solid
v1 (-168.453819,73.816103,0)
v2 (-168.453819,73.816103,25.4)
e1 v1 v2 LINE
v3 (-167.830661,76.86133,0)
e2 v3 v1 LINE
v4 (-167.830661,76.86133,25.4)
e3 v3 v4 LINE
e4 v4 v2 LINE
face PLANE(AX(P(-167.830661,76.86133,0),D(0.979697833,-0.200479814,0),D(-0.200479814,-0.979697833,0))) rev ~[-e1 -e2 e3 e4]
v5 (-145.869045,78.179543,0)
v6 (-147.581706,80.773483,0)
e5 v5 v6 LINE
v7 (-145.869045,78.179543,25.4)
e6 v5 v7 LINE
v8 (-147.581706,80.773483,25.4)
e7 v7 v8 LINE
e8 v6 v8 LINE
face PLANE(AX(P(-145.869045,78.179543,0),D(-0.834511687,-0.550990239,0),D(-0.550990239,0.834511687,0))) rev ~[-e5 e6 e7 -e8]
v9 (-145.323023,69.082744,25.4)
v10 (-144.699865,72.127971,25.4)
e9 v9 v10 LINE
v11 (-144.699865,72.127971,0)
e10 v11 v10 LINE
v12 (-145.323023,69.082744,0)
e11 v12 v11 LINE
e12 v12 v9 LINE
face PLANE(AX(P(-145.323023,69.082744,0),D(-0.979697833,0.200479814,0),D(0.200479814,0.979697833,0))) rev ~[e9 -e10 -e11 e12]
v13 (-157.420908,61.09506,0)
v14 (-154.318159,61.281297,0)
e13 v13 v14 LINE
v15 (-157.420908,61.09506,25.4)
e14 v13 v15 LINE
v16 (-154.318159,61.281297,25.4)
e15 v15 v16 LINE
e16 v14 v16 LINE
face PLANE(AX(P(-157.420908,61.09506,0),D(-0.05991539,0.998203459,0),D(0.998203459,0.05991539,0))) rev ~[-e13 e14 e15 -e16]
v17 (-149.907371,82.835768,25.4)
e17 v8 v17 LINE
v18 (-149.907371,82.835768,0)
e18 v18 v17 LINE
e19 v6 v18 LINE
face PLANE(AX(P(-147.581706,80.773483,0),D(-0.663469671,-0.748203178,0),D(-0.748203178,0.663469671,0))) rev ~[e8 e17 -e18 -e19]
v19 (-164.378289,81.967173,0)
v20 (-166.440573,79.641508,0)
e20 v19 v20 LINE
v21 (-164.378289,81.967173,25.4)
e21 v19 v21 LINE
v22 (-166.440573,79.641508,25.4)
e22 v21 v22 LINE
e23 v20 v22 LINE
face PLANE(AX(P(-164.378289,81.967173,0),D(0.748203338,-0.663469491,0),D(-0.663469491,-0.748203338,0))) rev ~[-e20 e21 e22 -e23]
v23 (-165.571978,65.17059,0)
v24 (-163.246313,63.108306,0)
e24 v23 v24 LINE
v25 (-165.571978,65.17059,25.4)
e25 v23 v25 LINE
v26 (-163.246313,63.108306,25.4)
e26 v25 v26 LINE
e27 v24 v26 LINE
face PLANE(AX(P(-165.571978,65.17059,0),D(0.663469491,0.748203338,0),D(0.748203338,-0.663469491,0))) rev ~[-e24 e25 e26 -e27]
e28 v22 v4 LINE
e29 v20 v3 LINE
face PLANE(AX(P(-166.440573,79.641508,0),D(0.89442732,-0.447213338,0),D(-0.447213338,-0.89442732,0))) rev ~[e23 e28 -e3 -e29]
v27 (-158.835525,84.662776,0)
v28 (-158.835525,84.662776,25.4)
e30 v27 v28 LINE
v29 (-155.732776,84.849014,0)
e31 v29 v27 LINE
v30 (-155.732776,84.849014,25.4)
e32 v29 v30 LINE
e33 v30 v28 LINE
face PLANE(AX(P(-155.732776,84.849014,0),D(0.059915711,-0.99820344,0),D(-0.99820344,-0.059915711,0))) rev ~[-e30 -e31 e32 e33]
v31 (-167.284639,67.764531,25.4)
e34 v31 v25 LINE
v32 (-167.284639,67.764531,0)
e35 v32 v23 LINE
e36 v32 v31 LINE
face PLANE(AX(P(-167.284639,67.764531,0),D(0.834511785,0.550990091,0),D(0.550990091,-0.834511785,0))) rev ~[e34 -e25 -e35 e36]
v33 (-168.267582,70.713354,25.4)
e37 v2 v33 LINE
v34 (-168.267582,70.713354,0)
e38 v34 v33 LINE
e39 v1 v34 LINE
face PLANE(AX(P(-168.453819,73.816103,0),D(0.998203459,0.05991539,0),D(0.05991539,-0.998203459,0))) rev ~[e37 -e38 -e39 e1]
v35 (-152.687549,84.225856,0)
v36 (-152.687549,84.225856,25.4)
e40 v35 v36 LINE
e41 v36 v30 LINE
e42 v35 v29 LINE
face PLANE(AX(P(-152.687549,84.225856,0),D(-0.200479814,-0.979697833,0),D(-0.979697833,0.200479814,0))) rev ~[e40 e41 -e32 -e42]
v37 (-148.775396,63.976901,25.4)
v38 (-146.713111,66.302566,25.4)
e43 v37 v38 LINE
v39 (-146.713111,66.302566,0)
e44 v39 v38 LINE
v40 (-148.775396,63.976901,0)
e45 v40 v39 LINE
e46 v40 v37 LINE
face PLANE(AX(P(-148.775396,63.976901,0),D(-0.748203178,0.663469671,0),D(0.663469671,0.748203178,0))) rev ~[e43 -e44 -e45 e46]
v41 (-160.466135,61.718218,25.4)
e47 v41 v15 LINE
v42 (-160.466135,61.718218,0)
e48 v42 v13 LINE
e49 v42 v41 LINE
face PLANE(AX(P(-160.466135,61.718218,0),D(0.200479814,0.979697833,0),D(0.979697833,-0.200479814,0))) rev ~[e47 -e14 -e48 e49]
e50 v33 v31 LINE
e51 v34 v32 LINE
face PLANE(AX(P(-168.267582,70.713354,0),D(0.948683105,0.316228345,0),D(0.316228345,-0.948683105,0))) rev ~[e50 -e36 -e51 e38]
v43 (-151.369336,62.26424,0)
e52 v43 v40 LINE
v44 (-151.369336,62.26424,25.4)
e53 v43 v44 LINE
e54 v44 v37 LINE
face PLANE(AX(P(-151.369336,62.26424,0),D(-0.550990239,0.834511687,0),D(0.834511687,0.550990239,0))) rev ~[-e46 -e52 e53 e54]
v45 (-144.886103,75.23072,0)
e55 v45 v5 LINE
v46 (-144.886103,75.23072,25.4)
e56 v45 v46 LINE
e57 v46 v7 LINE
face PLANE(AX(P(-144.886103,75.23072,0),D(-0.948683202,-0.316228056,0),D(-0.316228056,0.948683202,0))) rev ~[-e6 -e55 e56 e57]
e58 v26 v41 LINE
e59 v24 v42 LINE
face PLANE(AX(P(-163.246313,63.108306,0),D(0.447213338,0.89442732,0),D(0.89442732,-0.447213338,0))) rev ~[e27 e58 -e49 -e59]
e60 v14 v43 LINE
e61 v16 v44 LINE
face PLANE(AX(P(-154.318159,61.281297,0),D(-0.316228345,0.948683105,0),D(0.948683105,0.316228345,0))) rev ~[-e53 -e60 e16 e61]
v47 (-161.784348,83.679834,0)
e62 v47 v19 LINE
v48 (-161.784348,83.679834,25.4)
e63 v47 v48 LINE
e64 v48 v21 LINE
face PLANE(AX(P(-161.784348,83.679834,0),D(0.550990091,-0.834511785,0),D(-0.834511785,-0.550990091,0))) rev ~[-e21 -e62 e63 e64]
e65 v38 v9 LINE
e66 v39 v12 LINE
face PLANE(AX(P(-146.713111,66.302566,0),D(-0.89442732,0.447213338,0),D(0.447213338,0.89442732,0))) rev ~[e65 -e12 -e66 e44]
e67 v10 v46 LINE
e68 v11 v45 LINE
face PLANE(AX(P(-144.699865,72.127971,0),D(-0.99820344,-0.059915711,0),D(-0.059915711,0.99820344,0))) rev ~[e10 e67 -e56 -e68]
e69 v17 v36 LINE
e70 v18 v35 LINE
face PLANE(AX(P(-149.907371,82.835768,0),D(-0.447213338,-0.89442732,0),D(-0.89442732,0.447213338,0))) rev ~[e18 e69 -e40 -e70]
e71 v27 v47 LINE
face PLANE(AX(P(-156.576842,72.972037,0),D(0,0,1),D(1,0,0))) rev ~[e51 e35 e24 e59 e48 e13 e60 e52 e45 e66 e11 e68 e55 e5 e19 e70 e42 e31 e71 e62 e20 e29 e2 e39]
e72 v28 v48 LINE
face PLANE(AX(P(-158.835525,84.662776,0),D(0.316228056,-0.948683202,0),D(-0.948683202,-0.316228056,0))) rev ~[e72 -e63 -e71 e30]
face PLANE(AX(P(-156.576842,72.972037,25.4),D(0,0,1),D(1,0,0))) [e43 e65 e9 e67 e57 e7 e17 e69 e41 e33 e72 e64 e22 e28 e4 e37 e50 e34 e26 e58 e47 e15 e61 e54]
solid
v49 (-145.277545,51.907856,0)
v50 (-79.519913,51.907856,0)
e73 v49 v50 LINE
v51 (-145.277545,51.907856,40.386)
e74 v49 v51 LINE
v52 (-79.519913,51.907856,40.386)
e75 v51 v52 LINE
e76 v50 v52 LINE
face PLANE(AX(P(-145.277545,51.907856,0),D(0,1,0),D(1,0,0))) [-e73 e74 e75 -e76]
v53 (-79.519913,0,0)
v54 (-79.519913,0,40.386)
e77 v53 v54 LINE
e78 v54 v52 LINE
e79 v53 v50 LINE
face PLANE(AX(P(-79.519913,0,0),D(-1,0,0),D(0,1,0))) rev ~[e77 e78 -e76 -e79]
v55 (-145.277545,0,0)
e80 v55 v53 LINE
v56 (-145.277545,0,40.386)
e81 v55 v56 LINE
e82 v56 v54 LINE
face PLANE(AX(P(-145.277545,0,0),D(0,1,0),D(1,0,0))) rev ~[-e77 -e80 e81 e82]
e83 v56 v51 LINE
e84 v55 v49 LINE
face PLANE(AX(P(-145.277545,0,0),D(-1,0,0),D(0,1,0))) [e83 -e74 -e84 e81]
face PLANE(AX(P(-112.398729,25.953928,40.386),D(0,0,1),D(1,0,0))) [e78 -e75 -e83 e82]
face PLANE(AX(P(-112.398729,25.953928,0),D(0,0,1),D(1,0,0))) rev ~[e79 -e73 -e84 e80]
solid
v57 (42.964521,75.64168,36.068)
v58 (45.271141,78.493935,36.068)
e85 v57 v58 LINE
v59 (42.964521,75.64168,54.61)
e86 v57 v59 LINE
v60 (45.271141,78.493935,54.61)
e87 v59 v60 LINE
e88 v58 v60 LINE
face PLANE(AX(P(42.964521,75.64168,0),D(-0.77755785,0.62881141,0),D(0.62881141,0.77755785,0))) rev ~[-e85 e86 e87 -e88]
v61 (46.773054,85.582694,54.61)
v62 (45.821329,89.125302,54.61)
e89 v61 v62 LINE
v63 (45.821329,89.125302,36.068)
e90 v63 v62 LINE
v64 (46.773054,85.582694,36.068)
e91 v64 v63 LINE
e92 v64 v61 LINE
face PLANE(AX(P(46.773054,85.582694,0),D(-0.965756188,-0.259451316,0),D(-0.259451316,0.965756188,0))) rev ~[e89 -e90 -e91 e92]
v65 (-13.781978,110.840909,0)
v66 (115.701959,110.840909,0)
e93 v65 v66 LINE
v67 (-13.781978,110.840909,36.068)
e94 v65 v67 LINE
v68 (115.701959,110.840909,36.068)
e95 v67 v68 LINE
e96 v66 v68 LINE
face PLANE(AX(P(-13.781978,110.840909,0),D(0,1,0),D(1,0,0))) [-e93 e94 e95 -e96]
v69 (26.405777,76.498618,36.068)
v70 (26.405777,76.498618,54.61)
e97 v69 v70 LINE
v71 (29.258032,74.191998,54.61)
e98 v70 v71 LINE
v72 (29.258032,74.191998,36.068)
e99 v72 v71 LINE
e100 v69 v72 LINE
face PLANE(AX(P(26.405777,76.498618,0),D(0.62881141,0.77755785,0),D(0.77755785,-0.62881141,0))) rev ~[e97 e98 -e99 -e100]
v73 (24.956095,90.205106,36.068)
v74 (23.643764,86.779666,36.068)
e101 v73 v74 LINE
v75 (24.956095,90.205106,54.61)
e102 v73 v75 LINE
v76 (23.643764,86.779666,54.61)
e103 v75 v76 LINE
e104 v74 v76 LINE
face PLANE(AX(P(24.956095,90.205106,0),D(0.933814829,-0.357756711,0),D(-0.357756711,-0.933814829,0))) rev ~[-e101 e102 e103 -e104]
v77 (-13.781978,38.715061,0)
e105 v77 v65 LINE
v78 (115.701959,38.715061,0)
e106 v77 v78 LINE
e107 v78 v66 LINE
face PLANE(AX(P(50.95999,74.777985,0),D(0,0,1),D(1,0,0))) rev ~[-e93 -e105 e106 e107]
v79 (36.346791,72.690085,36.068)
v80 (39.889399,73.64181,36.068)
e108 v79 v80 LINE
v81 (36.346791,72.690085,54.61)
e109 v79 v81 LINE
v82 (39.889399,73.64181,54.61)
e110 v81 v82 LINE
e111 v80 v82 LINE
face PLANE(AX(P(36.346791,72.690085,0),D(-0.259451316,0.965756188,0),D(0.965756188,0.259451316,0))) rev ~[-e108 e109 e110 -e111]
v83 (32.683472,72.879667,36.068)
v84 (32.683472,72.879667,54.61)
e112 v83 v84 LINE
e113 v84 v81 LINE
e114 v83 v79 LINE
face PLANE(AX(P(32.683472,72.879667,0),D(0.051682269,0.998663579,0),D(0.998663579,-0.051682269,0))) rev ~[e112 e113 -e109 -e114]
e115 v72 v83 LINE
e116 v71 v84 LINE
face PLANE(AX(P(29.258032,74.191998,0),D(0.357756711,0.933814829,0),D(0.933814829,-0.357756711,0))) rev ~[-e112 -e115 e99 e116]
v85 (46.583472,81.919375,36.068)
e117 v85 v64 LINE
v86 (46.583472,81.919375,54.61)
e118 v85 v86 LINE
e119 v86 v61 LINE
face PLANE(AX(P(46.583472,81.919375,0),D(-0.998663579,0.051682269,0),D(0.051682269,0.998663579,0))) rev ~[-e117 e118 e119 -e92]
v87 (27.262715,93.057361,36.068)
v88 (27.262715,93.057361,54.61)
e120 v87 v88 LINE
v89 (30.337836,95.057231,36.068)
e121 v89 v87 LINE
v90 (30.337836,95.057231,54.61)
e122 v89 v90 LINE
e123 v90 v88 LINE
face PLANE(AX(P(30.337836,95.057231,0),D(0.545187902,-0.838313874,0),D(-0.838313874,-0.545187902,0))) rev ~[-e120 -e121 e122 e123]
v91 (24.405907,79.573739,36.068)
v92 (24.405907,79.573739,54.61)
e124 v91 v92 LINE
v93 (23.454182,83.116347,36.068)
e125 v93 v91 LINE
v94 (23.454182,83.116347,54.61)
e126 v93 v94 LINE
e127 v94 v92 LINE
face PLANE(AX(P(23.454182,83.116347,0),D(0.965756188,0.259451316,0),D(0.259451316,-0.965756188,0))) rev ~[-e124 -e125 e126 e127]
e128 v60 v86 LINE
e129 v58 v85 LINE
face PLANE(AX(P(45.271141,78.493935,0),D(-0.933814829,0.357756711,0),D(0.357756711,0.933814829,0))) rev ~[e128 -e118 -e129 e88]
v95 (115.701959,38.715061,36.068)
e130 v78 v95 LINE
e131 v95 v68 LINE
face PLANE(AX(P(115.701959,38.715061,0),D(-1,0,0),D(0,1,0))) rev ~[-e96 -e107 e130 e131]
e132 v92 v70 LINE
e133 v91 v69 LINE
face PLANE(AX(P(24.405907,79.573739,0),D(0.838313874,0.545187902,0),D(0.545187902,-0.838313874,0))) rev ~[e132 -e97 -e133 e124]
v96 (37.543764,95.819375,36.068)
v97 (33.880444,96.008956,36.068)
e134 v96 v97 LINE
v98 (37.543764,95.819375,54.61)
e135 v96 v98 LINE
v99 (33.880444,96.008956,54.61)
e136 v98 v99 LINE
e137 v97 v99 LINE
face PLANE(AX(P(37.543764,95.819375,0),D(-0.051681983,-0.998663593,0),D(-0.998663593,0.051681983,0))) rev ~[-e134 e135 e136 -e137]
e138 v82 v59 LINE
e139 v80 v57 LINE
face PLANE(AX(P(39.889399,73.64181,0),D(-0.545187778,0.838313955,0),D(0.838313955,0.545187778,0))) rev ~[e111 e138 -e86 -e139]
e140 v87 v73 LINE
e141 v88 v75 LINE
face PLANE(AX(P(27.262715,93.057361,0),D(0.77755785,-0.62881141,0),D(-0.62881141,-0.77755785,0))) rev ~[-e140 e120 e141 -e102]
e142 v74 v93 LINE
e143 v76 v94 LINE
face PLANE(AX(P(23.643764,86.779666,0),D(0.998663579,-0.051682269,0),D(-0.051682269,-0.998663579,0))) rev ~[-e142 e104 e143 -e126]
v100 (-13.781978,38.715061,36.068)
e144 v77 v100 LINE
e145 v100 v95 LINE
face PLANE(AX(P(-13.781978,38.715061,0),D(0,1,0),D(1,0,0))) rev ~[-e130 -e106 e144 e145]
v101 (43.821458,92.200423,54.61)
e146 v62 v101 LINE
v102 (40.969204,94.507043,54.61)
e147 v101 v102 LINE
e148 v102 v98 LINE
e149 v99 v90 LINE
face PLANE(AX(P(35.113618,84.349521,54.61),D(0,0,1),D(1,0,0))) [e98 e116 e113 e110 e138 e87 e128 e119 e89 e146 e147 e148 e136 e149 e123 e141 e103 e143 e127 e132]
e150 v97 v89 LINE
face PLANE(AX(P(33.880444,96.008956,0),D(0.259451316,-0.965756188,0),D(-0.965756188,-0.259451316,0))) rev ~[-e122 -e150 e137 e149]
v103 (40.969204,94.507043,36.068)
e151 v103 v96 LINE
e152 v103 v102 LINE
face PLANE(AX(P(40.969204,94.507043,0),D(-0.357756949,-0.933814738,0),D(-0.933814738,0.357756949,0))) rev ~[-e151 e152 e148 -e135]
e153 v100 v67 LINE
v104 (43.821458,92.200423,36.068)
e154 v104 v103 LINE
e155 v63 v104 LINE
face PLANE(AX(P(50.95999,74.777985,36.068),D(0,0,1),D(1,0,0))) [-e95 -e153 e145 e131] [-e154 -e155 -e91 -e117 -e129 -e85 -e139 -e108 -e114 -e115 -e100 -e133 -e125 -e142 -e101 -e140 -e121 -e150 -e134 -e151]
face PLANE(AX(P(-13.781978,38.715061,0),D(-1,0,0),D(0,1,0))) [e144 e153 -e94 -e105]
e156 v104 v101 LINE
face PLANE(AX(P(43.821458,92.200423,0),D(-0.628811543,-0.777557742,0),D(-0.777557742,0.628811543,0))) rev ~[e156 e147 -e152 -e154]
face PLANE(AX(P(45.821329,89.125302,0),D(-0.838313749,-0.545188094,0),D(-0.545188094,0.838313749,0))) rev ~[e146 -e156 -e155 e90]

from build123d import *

# Parameters (mm, degrees)
F0_W     = 65.757632
F0_H     = 51.907856
F1_DEPTH = 40.386
F3_DEPTH = 25.4
F5_DEPTH = 54.61
F6_W     = 129.483937
F6_H     = 72.125848
F7_DEPTH = 36.068


with BuildPart() as f1:
    # F0 (on Top) → F1 (new body)
    with BuildSketch(Plane.XY):
        with Locations((-112.398729, 25.953928)):
            Rectangle(F0_W, F0_H)
    extrude(amount=F1_DEPTH)


with BuildPart() as f3:
    # F2 (on Top) → F3 (new body)
    with BuildSketch(Plane.XY):
        Polygon((-148.775396, 63.976901), (-146.713111, 66.302566), (-145.323023, 69.082744), (-144.699865, 72.127971), (-144.886103, 75.23072), (-145.869045, 78.179543), (-147.581706, 80.773483), (-149.907371, 82.835768), (-152.687549, 84.225856), (-155.732776, 84.849014), (-158.835525, 84.662776), (-161.784348, 83.679834), (-164.378289, 81.967173), (-166.440573, 79.641508), (-167.830661, 76.86133), (-168.453819, 73.816103), (-168.267582, 70.713354), (-167.284639, 67.764531), (-165.571978, 65.17059), (-163.246313, 63.108306), (-160.466135, 61.718218), (-157.420908, 61.09506), (-154.318159, 61.281297), (-151.369336, 62.26424), align=None)
    extrude(amount=F3_DEPTH)


with BuildPart() as f5:
    # F4 (on Top) → F5 (new body)
    with BuildSketch(Plane.XY):
        Polygon((42.964521, 75.64168), (45.271141, 78.493935), (46.583472, 81.919375), (46.773054, 85.582694), (45.821329, 89.125302), (43.821458, 92.200423), (40.969204, 94.507043), (37.543764, 95.819375), (33.880444, 96.008956), (30.337836, 95.057231), (27.262715, 93.057361), (24.956095, 90.205106), (23.643764, 86.779666), (23.454182, 83.116347), (24.405907, 79.573739), (26.405777, 76.498618), (29.258032, 74.191998), (32.683472, 72.879667), (36.346791, 72.690085), (39.889399, 73.64181), align=None)
    extrude(amount=F5_DEPTH)

    # F6 (on Top) → F7 (join)
    with BuildSketch(Plane.XY):
        with Locations((50.95999, 74.777985)):
            Rectangle(F6_W, F6_H)
    extrude(amount=F7_DEPTH)


solid = Compound([f1.part, f3.part, f5.part])
